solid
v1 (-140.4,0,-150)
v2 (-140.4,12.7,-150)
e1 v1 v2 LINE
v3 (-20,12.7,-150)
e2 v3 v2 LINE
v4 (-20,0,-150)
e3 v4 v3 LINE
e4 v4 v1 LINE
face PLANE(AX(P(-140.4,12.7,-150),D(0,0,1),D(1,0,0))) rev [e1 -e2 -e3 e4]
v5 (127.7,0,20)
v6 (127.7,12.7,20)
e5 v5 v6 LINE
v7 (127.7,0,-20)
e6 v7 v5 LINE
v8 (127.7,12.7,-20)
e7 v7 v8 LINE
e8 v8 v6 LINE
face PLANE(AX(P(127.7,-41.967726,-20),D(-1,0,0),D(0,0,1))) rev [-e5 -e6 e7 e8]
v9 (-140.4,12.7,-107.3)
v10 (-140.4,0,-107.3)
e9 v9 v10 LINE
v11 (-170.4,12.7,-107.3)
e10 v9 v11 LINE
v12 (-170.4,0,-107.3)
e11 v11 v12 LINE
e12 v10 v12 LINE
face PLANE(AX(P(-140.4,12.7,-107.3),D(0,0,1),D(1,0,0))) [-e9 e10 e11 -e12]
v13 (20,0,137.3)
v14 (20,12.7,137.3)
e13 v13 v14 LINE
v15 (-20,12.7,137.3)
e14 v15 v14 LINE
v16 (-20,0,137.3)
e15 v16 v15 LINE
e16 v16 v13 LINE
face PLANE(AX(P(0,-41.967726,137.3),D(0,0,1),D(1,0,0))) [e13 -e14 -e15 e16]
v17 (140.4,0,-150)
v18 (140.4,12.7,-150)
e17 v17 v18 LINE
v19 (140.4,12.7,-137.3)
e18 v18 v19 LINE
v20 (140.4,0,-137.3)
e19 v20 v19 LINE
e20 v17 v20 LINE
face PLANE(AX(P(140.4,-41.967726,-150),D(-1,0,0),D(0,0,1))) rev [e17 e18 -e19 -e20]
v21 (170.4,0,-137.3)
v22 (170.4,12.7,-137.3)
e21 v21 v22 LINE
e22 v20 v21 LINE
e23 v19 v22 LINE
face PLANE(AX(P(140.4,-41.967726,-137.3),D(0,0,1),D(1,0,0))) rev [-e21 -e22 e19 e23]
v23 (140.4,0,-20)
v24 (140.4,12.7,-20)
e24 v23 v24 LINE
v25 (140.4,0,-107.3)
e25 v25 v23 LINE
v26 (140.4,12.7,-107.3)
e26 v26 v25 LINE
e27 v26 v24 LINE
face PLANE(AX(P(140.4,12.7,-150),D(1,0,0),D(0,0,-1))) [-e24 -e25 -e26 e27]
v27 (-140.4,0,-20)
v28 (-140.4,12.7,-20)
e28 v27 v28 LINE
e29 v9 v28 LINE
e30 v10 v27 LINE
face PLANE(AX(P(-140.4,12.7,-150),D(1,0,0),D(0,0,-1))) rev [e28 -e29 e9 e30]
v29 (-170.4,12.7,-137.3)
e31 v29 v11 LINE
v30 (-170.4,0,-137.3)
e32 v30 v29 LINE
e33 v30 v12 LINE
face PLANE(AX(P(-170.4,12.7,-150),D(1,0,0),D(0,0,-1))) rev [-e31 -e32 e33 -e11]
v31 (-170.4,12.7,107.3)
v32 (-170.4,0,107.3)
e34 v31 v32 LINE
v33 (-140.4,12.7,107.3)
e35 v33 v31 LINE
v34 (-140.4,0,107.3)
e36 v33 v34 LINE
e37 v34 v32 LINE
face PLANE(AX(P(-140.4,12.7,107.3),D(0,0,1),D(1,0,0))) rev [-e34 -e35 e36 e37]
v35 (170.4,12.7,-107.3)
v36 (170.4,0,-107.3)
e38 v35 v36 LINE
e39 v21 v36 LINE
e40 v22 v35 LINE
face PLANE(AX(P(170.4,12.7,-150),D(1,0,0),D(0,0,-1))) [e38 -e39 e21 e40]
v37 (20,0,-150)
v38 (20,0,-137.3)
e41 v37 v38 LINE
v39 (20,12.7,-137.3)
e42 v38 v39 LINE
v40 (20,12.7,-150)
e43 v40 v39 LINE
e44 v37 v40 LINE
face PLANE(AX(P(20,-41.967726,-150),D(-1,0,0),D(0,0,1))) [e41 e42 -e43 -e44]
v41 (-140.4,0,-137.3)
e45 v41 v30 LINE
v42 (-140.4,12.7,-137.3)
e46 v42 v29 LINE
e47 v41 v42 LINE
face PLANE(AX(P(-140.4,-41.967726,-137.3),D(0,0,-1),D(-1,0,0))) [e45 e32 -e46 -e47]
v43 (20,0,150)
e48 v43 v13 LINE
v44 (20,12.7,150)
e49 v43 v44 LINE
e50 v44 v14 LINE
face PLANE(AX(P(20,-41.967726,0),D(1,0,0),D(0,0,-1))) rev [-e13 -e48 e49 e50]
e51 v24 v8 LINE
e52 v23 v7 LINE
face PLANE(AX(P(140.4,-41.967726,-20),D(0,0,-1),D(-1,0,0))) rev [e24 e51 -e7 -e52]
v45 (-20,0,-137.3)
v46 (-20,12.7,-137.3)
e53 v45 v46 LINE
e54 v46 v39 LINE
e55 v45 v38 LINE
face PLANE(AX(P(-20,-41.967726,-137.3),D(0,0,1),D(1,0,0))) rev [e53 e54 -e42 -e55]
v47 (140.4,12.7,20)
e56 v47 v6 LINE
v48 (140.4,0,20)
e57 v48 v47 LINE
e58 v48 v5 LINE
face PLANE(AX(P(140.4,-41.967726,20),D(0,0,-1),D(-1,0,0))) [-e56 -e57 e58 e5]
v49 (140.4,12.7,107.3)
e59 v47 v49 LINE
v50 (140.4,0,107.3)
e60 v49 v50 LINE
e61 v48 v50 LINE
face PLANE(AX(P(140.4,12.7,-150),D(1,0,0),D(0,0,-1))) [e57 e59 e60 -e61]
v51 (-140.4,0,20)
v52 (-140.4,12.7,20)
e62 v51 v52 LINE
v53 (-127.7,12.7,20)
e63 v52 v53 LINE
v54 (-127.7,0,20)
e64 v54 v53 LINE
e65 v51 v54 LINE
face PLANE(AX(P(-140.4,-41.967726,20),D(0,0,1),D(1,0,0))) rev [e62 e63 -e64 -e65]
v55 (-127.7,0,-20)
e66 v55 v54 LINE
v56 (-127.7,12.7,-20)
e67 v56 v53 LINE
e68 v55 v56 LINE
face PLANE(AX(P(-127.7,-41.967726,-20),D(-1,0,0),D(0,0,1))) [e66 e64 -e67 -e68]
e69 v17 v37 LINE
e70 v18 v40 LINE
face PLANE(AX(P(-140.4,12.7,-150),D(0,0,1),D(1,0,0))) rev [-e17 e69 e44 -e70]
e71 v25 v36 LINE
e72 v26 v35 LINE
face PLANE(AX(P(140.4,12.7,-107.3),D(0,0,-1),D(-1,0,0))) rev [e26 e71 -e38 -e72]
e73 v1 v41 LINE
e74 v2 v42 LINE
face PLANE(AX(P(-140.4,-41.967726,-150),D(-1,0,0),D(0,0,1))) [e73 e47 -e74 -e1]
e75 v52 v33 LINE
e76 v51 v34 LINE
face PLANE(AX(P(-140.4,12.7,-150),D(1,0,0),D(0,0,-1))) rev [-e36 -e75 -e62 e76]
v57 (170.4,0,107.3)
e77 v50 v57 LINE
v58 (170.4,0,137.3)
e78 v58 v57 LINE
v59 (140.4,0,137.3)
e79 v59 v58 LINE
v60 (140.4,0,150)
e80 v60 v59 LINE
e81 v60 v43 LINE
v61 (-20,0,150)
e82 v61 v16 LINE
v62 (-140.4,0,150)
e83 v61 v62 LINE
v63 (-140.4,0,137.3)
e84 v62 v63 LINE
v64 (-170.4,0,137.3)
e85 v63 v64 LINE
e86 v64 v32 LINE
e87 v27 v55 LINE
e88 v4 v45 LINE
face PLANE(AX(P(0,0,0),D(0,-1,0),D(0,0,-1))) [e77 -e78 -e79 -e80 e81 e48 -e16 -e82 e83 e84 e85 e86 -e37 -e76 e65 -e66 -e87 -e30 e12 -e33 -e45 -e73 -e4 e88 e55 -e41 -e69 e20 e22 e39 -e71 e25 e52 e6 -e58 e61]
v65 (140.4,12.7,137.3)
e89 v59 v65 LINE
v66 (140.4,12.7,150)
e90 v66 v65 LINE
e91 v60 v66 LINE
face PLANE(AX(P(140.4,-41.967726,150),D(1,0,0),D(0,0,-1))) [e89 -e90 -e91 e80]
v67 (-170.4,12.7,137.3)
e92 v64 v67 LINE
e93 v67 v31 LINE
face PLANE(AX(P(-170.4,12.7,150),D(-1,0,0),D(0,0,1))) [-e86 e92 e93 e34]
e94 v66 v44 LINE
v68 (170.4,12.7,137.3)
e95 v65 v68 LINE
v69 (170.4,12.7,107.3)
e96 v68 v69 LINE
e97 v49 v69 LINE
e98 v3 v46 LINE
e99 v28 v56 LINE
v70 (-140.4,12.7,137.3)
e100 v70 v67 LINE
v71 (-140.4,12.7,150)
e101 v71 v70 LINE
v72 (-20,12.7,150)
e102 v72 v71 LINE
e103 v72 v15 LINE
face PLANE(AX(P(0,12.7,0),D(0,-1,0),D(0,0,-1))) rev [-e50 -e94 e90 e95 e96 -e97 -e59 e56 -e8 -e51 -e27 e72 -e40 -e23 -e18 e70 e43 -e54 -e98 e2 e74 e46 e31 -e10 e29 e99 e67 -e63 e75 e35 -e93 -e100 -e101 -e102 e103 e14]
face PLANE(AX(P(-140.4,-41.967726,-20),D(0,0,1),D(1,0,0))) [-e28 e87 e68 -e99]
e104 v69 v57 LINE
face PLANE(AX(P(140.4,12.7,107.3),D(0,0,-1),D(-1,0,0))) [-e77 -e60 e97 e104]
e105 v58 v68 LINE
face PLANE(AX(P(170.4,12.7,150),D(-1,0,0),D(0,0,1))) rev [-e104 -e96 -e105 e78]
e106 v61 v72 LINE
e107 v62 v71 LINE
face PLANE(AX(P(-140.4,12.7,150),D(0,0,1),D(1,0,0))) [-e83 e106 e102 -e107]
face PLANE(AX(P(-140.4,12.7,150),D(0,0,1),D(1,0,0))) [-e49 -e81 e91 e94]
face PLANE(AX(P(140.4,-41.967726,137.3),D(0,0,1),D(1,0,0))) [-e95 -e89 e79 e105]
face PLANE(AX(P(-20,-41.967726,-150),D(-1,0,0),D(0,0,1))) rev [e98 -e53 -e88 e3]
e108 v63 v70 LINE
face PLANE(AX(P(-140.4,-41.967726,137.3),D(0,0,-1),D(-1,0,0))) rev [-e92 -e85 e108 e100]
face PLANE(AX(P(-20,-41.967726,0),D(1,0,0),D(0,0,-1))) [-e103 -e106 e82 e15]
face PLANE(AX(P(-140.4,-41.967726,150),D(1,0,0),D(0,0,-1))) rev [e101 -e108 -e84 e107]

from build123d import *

# Parameters (mm, degrees)
SKETCH1_W           = 30
SKETCH1_H           = 42.7
BOSS_EXTRUDE1_DEPTH = 12.7
SKETCH2_W           = 40
SKETCH2_H           = 12.7
SKETCH2_W_2         = 12.7
SKETCH2_H_2         = 40
SKETCH2_W_3         = 30
CUT_EXTRUDE2_DEPTH  = 12.7


with BuildPart() as part:
    # Sketch1 → Boss-Extrude1 (new body)
    with BuildSketch(Plane(origin=(0, 0, 0), x_dir=(1, 0, 0), z_dir=(0, 1, 0))):
        Polygon((140.4, 150), (-140.4, 150), (-140.4, 107.3), (-140.4, -107.3), (-140.4, -150), (140.4, -150), (140.4, -107.3), (140.4, 107.3), align=None)
        with Locations((-155.4, 128.65)):
            Rectangle(SKETCH1_W, SKETCH1_H)
        with Locations((155.4, 128.65)):
            Rectangle(SKETCH1_W, SKETCH1_H)
        with Locations((-155.4, -128.65)):
            Rectangle(SKETCH1_W, SKETCH1_H)
        with Locations((155.4, -128.65)):
            Rectangle(SKETCH1_W, SKETCH1_H)
    extrude(amount=BOSS_EXTRUDE1_DEPTH)

    # Sketch2 → Cut-Extrude2 (cut)
    with BuildSketch(Plane(origin=(0, 12.7, 0), x_dir=(1, 0, 0), z_dir=(0, 1, 0))):
        with Locations((0, -143.65)):
            Rectangle(SKETCH2_W, SKETCH2_H)
        with Locations((-134.05, 0)):
            Rectangle(SKETCH2_W_2, SKETCH2_H_2)
        with Locations((134.05, 0)):
            Rectangle(SKETCH2_W_2, SKETCH2_H_2)
        with Locations((0, 143.65)):
            Rectangle(SKETCH2_W, SKETCH2_H)
        with Locations((-155.4, 143.65)):
            Rectangle(SKETCH2_W_3, SKETCH2_H)
        with Locations((155.4, 143.65)):
            Rectangle(SKETCH2_W_3, SKETCH2_H)
        with Locations((-155.4, -143.65)):
            Rectangle(SKETCH2_W_3, SKETCH2_H)
        with Locations((155.4, -143.65)):
            Rectangle(SKETCH2_W_3, SKETCH2_H)
    extrude(amount=-CUT_EXTRUDE2_DEPTH, mode=Mode.SUBTRACT)


solid = part.part
